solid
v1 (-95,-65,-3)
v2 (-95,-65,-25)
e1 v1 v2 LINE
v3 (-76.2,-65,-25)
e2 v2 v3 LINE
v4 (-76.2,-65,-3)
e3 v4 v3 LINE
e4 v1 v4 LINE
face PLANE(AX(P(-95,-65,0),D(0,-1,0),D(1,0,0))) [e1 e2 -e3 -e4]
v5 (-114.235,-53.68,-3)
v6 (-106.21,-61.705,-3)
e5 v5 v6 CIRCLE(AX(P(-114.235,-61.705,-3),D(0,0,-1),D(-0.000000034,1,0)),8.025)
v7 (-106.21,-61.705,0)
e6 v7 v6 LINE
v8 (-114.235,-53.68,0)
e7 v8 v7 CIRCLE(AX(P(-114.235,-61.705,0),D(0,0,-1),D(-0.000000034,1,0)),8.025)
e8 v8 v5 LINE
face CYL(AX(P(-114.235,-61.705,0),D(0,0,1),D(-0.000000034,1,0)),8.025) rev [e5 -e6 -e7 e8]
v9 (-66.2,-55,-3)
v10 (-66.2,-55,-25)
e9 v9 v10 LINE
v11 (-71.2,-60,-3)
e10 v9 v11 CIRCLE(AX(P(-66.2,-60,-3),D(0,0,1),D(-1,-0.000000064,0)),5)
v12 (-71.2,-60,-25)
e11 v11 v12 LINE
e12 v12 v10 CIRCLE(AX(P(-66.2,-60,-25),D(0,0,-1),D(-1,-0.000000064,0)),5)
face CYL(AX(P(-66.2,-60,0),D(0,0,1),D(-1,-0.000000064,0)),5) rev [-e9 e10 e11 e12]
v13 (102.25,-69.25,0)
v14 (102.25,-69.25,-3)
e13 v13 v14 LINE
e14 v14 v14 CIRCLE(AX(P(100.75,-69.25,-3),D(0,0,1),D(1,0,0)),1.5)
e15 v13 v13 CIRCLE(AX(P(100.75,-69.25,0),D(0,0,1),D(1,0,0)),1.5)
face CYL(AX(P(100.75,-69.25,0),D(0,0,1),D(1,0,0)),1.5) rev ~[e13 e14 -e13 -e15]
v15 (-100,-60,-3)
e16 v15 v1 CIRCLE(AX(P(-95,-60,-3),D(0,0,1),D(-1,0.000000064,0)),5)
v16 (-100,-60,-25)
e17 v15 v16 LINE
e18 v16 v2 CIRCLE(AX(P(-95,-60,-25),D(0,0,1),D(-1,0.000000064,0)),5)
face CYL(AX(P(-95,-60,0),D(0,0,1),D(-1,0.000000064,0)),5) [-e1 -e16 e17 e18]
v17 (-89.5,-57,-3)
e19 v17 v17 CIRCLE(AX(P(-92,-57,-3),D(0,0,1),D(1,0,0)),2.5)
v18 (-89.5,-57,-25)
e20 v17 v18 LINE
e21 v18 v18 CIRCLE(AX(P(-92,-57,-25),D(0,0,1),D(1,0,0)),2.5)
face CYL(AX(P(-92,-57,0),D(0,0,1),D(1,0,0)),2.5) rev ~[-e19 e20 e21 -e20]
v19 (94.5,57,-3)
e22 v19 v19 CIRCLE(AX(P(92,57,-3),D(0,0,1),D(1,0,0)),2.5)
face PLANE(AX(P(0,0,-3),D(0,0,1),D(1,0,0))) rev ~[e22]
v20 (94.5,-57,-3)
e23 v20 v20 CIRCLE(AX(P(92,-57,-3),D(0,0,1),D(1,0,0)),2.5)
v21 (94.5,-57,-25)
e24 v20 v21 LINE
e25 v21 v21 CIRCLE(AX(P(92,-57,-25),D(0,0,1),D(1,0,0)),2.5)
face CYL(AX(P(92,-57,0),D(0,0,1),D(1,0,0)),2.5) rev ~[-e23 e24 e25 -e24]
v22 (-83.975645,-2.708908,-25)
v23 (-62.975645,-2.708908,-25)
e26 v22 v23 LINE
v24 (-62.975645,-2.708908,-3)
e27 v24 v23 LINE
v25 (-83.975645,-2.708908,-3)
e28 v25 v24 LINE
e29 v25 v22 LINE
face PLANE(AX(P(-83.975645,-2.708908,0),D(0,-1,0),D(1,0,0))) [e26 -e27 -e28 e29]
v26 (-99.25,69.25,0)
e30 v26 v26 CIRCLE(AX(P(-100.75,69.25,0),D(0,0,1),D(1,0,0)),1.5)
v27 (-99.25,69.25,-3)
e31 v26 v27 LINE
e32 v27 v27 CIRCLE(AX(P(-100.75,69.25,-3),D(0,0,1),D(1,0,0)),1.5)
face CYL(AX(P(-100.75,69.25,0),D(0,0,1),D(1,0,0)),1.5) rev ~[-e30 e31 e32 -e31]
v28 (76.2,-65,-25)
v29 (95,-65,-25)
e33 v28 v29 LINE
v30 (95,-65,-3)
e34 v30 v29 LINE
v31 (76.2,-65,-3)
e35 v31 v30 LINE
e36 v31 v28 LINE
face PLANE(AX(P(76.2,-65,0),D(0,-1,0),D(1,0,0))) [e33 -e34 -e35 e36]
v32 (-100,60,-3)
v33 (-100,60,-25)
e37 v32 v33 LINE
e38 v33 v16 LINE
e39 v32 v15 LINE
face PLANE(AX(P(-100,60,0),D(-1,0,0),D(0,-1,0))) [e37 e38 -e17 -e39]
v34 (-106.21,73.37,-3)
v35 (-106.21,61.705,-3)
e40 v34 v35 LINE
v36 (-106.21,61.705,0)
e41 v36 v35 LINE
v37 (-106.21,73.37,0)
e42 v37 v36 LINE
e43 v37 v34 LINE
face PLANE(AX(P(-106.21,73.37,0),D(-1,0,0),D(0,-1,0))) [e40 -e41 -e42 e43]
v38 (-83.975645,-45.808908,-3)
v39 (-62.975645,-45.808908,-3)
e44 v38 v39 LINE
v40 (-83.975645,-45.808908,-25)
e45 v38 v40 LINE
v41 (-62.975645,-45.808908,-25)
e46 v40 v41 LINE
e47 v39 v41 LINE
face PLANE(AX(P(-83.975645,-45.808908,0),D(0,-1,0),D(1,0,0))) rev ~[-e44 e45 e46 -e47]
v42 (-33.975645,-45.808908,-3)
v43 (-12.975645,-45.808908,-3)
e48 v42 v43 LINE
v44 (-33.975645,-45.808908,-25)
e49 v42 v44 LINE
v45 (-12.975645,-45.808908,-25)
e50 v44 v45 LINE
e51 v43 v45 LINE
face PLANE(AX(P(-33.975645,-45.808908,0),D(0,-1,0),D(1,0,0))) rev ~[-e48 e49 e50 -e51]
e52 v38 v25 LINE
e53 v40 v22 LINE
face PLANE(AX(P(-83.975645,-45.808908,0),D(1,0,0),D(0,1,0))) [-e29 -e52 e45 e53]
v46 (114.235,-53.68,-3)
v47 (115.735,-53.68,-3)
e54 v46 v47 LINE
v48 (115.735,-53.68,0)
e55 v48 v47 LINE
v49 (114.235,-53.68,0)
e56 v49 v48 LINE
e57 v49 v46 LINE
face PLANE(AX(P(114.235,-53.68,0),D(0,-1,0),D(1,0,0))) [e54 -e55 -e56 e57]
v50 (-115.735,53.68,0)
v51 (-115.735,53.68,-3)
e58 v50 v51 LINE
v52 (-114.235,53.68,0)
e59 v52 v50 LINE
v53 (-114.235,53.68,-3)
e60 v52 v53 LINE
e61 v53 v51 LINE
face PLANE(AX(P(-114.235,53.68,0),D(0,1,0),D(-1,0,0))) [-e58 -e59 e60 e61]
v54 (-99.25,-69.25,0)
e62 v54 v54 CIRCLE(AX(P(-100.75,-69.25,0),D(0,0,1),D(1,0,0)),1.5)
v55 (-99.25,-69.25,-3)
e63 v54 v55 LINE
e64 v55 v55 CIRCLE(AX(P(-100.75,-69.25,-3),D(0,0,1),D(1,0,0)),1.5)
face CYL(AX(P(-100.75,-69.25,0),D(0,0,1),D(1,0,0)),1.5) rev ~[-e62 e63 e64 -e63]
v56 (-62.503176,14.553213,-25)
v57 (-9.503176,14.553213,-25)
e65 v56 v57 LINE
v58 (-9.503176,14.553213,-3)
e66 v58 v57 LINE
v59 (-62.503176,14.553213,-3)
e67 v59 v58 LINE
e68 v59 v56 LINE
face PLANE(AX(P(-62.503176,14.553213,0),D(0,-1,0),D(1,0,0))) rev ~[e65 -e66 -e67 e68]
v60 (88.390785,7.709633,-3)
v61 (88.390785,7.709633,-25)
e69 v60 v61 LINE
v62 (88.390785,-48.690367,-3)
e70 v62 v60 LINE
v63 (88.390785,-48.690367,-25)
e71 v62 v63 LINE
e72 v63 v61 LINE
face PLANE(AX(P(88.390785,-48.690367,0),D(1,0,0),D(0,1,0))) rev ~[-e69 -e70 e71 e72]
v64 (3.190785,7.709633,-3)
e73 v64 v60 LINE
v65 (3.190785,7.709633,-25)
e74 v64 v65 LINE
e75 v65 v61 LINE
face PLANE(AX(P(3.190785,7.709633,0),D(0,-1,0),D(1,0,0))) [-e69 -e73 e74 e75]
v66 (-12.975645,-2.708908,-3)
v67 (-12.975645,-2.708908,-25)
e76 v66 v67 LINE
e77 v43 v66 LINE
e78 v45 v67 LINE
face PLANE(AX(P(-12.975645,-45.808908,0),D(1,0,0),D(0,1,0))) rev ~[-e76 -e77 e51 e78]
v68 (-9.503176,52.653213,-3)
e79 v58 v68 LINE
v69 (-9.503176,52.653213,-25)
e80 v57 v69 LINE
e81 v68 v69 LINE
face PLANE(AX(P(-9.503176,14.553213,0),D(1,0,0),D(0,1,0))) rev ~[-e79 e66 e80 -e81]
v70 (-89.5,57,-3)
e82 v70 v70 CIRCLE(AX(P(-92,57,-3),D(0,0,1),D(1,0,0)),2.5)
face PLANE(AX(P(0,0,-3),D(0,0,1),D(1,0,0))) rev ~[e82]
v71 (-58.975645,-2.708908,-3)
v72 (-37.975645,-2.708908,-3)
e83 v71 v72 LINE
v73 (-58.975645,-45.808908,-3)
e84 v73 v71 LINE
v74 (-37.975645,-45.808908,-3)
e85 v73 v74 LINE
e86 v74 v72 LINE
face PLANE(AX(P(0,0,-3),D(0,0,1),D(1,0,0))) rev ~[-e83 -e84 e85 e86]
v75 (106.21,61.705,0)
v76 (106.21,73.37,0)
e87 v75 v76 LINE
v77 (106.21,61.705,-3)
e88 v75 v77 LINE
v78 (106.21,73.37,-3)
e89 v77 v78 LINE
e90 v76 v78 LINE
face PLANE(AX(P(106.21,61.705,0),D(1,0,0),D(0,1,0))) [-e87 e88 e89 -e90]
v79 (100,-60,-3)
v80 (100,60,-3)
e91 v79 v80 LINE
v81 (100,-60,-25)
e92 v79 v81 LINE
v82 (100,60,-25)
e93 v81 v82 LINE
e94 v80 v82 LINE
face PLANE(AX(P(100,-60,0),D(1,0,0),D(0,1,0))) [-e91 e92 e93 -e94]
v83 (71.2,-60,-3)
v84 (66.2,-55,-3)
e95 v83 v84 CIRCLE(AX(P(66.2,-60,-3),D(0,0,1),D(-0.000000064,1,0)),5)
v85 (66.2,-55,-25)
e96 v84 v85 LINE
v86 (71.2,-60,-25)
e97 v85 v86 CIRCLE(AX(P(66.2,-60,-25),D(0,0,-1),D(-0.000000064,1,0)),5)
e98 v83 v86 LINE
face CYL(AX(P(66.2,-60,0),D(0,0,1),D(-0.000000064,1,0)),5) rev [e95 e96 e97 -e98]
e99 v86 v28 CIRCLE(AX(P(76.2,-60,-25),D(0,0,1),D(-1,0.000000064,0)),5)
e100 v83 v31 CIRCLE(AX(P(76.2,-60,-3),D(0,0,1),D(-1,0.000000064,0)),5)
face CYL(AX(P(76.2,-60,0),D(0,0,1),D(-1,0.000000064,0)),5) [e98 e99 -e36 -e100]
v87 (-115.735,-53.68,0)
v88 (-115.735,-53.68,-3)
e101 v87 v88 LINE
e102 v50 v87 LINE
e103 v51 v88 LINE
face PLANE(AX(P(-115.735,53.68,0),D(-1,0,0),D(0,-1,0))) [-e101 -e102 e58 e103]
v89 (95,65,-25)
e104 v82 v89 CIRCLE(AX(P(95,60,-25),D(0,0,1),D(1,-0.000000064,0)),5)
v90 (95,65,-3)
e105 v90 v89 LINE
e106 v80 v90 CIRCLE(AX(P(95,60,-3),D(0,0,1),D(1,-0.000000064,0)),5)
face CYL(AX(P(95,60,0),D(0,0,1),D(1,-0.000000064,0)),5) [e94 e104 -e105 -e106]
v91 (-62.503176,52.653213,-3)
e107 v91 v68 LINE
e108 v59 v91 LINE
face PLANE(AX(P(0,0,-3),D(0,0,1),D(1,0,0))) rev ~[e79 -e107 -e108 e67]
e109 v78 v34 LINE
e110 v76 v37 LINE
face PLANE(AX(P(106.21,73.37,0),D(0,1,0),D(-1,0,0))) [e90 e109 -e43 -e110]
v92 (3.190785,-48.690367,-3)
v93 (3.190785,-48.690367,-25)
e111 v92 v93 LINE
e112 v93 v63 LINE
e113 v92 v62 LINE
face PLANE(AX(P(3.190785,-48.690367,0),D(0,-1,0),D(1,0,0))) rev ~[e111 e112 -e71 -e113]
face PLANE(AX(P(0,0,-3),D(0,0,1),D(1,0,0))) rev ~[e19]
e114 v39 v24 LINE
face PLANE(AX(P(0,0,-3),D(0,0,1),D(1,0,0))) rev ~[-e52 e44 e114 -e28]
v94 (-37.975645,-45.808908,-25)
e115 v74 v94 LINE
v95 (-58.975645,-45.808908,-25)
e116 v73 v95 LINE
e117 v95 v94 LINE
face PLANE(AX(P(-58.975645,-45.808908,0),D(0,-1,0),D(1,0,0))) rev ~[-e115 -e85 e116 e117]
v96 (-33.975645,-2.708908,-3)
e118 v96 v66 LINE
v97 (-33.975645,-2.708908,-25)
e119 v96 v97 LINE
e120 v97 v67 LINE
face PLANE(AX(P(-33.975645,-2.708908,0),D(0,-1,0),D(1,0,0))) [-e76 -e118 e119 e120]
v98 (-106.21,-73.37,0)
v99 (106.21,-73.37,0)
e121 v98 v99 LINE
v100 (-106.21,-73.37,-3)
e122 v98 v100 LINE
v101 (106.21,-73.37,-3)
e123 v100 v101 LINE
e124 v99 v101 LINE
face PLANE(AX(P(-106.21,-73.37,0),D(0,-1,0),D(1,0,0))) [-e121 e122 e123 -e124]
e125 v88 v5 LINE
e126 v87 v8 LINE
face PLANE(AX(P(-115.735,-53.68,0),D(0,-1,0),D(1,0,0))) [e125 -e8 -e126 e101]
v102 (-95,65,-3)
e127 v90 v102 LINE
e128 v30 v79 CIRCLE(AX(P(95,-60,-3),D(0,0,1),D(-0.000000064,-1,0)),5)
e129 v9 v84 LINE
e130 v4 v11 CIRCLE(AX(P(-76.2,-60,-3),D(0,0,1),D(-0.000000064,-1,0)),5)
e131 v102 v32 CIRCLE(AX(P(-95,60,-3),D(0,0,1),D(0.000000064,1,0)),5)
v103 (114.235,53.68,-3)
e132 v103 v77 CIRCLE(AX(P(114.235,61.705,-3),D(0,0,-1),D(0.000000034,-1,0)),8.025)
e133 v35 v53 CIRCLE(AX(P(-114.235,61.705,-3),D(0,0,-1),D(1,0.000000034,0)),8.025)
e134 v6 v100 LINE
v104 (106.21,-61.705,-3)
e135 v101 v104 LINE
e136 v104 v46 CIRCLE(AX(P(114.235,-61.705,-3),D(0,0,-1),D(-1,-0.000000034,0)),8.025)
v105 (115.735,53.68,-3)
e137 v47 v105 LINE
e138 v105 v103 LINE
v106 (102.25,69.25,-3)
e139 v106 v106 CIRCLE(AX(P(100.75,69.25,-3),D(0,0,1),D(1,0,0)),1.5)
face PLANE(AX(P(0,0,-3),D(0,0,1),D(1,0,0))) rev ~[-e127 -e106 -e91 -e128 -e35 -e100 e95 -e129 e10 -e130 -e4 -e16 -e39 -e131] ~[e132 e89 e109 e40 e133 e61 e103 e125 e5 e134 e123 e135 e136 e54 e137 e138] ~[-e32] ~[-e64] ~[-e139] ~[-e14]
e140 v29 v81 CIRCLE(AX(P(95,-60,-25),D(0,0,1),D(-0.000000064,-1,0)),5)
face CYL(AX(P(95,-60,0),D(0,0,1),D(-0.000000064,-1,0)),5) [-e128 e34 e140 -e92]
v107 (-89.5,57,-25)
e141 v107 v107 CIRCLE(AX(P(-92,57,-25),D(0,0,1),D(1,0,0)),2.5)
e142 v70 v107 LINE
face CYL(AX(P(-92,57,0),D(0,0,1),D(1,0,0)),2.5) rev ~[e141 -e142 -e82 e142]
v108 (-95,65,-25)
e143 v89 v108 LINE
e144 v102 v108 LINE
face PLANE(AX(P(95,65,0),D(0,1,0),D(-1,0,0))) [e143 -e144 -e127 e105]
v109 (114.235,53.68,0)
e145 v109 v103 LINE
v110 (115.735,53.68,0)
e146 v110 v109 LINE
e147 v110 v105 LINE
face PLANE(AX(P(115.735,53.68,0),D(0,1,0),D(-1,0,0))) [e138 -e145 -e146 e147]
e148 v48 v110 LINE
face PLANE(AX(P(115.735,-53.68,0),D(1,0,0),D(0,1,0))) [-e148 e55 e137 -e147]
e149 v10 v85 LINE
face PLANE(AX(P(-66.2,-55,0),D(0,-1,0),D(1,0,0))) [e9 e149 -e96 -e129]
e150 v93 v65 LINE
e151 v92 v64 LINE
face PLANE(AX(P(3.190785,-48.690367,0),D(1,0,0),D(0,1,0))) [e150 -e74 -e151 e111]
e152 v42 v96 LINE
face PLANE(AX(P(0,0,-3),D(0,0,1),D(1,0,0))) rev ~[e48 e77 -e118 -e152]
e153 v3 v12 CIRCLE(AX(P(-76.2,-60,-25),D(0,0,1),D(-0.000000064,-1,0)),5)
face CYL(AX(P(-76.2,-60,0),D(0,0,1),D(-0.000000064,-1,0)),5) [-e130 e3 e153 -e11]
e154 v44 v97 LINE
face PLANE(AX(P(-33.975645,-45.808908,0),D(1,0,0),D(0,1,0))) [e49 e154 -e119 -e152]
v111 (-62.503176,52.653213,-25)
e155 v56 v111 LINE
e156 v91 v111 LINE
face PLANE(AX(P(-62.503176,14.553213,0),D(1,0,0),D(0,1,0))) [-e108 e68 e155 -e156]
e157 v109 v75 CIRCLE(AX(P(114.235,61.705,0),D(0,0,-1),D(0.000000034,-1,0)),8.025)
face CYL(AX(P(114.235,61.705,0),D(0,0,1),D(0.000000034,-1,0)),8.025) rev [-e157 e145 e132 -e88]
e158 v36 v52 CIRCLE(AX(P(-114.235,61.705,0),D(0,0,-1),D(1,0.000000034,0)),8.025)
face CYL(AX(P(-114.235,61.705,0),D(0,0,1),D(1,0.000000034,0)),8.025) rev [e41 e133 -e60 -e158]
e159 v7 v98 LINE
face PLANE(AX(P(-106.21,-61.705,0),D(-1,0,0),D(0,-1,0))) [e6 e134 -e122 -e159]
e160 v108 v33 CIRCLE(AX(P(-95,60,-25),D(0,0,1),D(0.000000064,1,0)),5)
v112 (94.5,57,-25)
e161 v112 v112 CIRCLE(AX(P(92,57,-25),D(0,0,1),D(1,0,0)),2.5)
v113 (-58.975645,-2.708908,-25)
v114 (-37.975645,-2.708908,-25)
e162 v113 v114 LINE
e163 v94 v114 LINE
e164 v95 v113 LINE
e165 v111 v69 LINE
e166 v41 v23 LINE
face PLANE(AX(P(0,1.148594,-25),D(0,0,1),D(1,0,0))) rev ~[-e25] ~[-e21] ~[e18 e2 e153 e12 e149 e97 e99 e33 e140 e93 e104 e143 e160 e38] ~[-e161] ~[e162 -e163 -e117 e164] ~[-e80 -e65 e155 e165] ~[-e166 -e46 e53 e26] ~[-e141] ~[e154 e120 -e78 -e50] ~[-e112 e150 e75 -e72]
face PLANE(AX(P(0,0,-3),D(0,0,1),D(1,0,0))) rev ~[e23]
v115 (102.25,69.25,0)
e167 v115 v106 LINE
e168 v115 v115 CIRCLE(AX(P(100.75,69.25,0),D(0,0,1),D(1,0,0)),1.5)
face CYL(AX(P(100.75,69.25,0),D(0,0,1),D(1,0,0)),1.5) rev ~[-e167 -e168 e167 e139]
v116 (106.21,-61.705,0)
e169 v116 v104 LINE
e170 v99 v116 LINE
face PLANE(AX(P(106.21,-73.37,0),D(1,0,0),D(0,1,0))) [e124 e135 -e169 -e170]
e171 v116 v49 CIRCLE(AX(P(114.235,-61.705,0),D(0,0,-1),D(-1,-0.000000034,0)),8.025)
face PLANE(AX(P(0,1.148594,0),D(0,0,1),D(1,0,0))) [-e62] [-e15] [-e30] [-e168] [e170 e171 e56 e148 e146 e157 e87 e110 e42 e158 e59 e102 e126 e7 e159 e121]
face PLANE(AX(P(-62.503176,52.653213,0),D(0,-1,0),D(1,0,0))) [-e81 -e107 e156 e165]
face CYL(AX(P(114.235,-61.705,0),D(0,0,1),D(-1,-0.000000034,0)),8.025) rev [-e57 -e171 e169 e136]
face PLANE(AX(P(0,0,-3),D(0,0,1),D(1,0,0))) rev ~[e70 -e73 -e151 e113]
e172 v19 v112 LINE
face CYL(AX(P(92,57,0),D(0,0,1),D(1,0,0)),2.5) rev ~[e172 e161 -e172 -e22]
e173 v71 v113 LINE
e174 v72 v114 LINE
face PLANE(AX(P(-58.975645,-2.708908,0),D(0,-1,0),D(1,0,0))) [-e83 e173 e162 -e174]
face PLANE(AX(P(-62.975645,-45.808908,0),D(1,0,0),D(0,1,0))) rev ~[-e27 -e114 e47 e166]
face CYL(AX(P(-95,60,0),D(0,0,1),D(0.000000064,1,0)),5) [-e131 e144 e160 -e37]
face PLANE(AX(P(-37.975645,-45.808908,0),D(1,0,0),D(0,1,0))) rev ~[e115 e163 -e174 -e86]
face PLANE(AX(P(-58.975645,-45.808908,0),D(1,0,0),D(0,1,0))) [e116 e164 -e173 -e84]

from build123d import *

# Parameters (mm, degrees)
F0_R     = 2.5
F0_W     = 27
F0_H     = 50
F0_R_2   = 1.5
F1_DEPTH = 3
F3_R     = 2.5
F3_W     = 21
F3_H     = 43.1
F3_W_2   = 85.2
F3_H_2   = 56.4
F3_W_3   = 53
F3_H_3   = 38.1
F4_DEPTH = 25


with BuildPart() as f1:
    # F0 (on Top) → F1 (new body)
    with BuildSketch(Plane.XY):
        with BuildLine():
            Line((106.21, 73.37), (-106.21, 73.37))
            Line((-106.21, 73.37), (-106.21, 61.705))
            ThreePointArc((-106.21, 61.705), (-108.560468, 56.030468), (-114.235, 53.68))
            Line((-114.235, 53.68), (-115.735, 53.68))
            Line((-115.735, 53.68), (-115.735, -53.68))
            Line((-115.735, -53.68), (-114.235, -53.68))
            ThreePointArc((-114.235, -53.68), (-108.560468, -56.030468), (-106.21, -61.705))
            Line((-106.21, -61.705), (-106.21, -73.37))
            Line((-106.21, -73.37), (106.21, -73.37))
            Line((106.21, -73.37), (106.21, -61.705))
            ThreePointArc((106.21, -61.705), (108.560468, -56.030468), (114.235, -53.68))
            Line((114.235, -53.68), (115.735, -53.68))
            Line((115.735, -53.68), (115.735, 53.68))
            Line((115.735, 53.68), (114.235, 53.68))
            ThreePointArc((114.235, 53.68), (108.560468, 56.030468), (106.21, 61.705))
            Line((106.21, 61.705), (106.21, 73.37))
        make_face()
        with Locations((-100.75, -69.25)):
            Circle(F0_R, mode=Mode.SUBTRACT)
        with Locations((-93.520904, -0.239639)):
            Rectangle(F0_W, F0_H, mode=Mode.SUBTRACT)
        with Locations((100.75, -69.25)):
            Circle(F0_R, mode=Mode.SUBTRACT)
        with Locations((94.036416, -0.305581)):
            Rectangle(F0_W, F0_H, mode=Mode.SUBTRACT)
        with Locations((-100.75, 69.25)):
            Circle(F0_R, mode=Mode.SUBTRACT)
        with Locations((100.75, 69.25)):
            Circle(F0_R, mode=Mode.SUBTRACT)
        with Locations((-100.75, 69.25)):
            Circle(F0_R)
        with Locations((-100.75, 69.25)):
            Circle(F0_R_2, mode=Mode.SUBTRACT)
        with Locations((100.75, 69.25)):
            Circle(F0_R)
        with Locations((100.75, 69.25)):
            Circle(F0_R_2, mode=Mode.SUBTRACT)
        with Locations((-100.75, -69.25)):
            Circle(F0_R)
        with Locations((-100.75, -69.25)):
            Circle(F0_R_2, mode=Mode.SUBTRACT)
        with Locations((100.75, -69.25)):
            Circle(F0_R)
        with Locations((100.75, -69.25)):
            Circle(F0_R_2, mode=Mode.SUBTRACT)
        with Locations((94.036416, -0.305581)):
            Rectangle(F0_W, F0_H)
        with Locations((-93.520904, -0.239639)):
            Rectangle(F0_W, F0_H)
    extrude(amount=-F1_DEPTH)

    # F3 (on face) → F4 (join)
    with BuildSketch(Plane.XY):
        with BuildLine():
            ThreePointArc((71.2, -60), (72.664466, -63.535534), (76.2, -65))
            Line((76.2, -65), (95, -65))
            ThreePointArc((95, -65), (98.535534, -63.535534), (100, -60))
            Line((100, -60), (100, 0))
            Line((100, 0), (100, 60))
            ThreePointArc((100, 60), (98.535534, 63.535534), (95, 65))
            Line((95, 65), (0, 65))
            Line((0, 65), (-95, 65))
            ThreePointArc((-95, 65), (-98.535534, 63.535534), (-100, 60))
            Line((-100, 60), (-100, 0))
            Line((-100, 0), (-100, -60))
            ThreePointArc((-100, -60), (-98.535534, -63.535534), (-95, -65))
            Line((-95, -65), (-76.2, -65))
            ThreePointArc((-76.2, -65), (-72.664466, -63.535534), (-71.2, -60))
            ThreePointArc((-71.2, -60), (-69.735534, -56.464466), (-66.2, -55))
            Line((-66.2, -55), (66.2, -55))
            ThreePointArc((66.2, -55), (69.735534, -56.464466), (71.2, -60))
        make_face()
        with Locations((-92, -57)):
            Circle(F3_R, mode=Mode.SUBTRACT)
        with Locations((-73.475645, -24.258908)):
            Rectangle(F3_W, F3_H, mode=Mode.SUBTRACT)
        with Locations((-48.475645, -24.258908)):
            Rectangle(F3_W, F3_H, mode=Mode.SUBTRACT)
        with Locations((-23.475645, -24.258908)):
            Rectangle(F3_W, F3_H, mode=Mode.SUBTRACT)
        with Locations((92, -57)):
            Circle(F3_R, mode=Mode.SUBTRACT)
        with Locations((45.790785, -20.490367)):
            Rectangle(F3_W_2, F3_H_2, mode=Mode.SUBTRACT)
        with Locations((-92, 57)):
            Circle(F3_R, mode=Mode.SUBTRACT)
        with Locations((-36.003176, 33.603213)):
            Rectangle(F3_W_3, F3_H_3, mode=Mode.SUBTRACT)
        with Locations((92, 57)):
            Circle(F3_R, mode=Mode.SUBTRACT)
    extrude(amount=-F4_DEPTH)


solid = f1.part
